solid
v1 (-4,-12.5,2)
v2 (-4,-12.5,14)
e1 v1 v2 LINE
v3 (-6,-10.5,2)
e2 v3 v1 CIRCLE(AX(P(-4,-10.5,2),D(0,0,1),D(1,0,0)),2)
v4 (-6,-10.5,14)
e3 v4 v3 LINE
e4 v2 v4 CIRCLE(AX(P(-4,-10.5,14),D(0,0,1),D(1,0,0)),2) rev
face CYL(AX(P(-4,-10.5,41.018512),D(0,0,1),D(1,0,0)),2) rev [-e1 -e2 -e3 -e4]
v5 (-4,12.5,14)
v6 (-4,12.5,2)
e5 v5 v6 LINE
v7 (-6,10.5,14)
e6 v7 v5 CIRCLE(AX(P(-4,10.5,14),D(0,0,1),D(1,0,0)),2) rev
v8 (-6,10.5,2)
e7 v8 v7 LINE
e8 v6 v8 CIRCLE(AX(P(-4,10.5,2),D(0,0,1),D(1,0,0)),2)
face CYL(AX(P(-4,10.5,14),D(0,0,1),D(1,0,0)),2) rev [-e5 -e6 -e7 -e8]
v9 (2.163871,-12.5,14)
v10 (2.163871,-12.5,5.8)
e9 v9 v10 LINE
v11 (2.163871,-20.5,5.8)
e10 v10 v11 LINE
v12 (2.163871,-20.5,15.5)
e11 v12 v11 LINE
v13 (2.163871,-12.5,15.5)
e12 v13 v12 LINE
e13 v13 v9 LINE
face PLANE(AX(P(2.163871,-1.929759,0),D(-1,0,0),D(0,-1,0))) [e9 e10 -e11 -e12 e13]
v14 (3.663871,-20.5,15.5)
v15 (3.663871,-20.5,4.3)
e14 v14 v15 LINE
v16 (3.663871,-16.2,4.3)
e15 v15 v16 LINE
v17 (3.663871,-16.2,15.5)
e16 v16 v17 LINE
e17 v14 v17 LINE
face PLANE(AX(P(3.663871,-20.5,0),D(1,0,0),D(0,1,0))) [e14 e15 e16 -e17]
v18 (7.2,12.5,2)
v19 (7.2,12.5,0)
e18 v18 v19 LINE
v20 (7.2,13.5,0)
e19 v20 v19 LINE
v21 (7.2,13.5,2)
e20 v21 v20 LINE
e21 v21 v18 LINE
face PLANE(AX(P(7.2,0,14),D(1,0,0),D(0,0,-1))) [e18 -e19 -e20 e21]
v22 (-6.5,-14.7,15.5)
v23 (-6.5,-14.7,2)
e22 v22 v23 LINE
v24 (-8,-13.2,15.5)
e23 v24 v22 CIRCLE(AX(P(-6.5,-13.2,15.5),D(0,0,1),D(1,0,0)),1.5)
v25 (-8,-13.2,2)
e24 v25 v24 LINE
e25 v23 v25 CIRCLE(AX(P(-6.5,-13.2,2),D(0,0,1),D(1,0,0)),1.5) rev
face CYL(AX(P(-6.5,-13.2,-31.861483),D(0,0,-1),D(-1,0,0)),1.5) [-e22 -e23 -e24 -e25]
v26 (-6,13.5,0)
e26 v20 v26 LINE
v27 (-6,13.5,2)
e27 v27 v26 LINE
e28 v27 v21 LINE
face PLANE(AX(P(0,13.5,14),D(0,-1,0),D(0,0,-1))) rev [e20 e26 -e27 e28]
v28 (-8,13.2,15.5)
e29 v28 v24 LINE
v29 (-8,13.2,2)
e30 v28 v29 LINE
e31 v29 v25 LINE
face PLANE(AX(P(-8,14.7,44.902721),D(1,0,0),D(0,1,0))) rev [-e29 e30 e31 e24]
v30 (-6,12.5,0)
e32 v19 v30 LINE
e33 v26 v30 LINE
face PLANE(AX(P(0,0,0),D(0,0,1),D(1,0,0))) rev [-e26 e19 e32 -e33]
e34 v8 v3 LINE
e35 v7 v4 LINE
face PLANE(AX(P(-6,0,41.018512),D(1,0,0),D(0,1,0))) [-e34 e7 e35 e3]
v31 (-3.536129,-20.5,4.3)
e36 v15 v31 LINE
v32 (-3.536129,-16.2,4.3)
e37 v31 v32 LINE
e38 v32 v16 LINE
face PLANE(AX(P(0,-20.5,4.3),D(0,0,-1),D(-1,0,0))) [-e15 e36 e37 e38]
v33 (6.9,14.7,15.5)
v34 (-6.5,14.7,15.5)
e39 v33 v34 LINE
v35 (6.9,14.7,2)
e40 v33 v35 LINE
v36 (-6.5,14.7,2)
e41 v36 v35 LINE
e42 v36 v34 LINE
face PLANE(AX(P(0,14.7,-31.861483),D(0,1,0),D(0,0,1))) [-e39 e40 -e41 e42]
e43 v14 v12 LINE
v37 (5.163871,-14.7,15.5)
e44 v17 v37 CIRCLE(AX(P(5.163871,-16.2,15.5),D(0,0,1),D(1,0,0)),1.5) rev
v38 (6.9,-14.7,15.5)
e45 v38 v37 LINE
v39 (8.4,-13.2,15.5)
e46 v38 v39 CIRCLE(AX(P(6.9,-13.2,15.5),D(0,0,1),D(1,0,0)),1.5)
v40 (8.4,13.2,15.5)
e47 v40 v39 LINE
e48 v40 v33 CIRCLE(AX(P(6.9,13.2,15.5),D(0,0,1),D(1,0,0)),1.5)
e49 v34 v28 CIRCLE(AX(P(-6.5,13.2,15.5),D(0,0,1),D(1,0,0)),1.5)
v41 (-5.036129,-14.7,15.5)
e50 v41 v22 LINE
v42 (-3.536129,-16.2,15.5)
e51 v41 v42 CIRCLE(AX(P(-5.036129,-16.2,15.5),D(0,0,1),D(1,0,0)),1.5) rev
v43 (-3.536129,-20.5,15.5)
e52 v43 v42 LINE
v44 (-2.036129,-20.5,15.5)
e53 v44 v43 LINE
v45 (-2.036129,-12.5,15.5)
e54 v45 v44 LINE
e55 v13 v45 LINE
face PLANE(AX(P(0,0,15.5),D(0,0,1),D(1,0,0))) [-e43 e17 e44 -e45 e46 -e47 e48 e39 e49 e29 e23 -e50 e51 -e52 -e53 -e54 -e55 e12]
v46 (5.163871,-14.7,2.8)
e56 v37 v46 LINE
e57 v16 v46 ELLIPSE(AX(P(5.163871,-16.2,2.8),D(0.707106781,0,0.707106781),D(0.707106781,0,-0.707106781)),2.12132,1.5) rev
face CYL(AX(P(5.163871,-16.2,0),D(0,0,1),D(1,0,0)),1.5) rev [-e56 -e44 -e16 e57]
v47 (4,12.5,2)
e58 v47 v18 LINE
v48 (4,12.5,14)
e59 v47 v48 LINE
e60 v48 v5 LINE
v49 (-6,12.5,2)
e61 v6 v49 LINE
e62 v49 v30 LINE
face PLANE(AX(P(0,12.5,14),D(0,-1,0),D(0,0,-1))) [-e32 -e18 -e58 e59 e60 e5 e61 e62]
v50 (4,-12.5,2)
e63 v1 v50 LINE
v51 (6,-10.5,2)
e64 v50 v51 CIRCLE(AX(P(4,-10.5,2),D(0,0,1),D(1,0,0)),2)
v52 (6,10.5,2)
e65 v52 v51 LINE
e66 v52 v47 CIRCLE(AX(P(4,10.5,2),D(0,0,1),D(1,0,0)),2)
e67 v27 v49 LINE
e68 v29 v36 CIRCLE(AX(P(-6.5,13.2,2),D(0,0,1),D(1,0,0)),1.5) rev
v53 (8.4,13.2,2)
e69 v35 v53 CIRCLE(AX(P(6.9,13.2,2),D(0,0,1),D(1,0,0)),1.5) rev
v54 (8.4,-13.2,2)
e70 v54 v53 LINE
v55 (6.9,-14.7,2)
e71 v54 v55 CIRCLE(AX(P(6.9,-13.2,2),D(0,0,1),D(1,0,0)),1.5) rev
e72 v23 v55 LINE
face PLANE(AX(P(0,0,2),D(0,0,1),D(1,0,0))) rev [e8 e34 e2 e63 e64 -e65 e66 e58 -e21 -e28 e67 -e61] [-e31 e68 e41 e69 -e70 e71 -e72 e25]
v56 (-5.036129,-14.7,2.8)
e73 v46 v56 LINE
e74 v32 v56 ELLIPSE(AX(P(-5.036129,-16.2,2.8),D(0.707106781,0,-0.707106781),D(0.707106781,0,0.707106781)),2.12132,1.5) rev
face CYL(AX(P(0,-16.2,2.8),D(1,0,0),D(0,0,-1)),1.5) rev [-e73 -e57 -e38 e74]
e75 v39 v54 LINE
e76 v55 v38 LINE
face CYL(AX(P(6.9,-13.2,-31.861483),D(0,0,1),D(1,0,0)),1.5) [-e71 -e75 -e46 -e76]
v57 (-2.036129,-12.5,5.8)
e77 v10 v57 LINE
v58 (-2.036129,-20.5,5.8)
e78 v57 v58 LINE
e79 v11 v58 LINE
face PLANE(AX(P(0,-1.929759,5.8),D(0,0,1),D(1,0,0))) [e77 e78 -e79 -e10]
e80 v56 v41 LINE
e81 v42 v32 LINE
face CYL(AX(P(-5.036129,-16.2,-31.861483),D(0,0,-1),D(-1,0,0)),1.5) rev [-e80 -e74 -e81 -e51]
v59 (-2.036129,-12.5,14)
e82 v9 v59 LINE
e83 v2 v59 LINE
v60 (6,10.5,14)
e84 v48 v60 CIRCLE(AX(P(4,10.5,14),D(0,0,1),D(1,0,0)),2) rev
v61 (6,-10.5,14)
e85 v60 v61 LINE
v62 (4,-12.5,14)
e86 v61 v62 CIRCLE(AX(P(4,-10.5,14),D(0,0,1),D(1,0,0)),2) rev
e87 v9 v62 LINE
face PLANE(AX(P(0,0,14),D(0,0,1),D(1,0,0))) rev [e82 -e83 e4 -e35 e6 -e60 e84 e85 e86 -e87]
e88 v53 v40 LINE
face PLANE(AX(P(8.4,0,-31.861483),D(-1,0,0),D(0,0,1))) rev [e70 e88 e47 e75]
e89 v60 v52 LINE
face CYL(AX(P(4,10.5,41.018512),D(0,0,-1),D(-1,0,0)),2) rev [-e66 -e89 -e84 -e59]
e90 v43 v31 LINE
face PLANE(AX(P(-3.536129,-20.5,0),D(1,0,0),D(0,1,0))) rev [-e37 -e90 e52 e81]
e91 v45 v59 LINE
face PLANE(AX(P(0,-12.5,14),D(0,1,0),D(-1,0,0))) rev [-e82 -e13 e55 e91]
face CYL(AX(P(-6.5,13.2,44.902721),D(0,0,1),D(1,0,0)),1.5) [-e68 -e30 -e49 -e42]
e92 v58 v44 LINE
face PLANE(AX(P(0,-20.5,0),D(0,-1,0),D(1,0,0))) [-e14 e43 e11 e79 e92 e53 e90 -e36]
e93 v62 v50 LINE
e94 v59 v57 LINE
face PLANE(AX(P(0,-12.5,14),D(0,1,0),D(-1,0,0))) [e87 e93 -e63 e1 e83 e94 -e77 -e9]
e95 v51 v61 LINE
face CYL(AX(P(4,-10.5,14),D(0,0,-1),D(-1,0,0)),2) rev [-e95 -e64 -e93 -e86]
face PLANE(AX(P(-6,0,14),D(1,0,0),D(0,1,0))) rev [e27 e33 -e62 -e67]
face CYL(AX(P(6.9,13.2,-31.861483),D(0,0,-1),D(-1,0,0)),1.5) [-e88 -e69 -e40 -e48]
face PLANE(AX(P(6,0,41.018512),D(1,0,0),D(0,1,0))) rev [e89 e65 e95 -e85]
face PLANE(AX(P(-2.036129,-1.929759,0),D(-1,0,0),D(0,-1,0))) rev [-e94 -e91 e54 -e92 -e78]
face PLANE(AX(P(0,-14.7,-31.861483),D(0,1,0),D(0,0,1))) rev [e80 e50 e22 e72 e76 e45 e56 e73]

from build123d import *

# Parameters (mm, degrees)
BOSS_EXTRUDE1_DEPTH   = 14
BOSS_EXTRUDE1_2_DEPTH = 14
BOSS_EXTRUDE2_START   = 2
SKETCH1_3_W           = 1.2
SKETCH1_3_H           = 25
BOSS_EXTRUDE2_DEPTH   = 12
SKETCH2_W             = 14.2
SKETCH2_H             = 27
SKETCH2_W_2           = 12
SKETCH2_H_2           = 25
BOSS_EXTRUDE3_DEPTH   = 1.5
SKETCH3_W             = 4.2
SKETCH3_H             = 8.2
SKETCH3_H_2           = 1.5
CUT_EXTRUDE1_DEPTH    = 1
BOSS_EXTRUDE4_DEPTH   = 7
FILLET2_R             = 2
SKETCH5_W             = 13.2
SKETCH5_H             = 1
CUT_EXTRUDE2_DEPTH    = 2
FILLET4_R             = 1
BOSS_EXTRUDE7_START   = -13.5
BOSS_EXTRUDE7_DEPTH   = 13.5
BOSS_EXTRUDE8_DEPTH   = 2.3
FILLET5_R             = 1.5
SKETCH10_W            = 0.4
SKETCH10_H            = 29.4
CUT_EXTRUDE3_DEPTH    = 13.5
FILLET6_R             = 1.5


with BuildPart() as part:
    # Sketch1 → Boss-Extrude1 (new body)
    with BuildSketch(Plane.XY):
        Polygon((7.2, 13.5), (-6, 13.5), (-6, 12.5), (6, 12.5), (7.2, 12.5), align=None)
    extrude(amount=BOSS_EXTRUDE1_DEPTH)



with BuildPart() as body_2:
    # Sketch1 → Boss-Extrude1 2 (new body)
    with BuildSketch(Plane.XY):
        Polygon((6, -12.5), (-6, -12.5), (-6, -13.5), (7.2, -13.5), (7.2, -12.5), align=None)
    extrude(amount=BOSS_EXTRUDE1_2_DEPTH)


with BuildPart() as part_1:
    add(part.part)

    add(body_2.part)  # Boss-Extrude2 merges body 2
    # Sketch1<3> → Boss-Extrude2 (add)
    with BuildSketch(Plane.XY.offset(BOSS_EXTRUDE2_START)):
        Polygon((-6, 12.5), (-6, 13.5), (-7, 13.5), (-7, -13.5), (-6, -13.5), (-6, -12.5), align=None)
        with Locations((6.6, 0)):
            Rectangle(SKETCH1_3_W, SKETCH1_3_H)
    extrude(amount=BOSS_EXTRUDE2_DEPTH)

    # Sketch2 → Boss-Extrude3 (add)
    # profile 1 of 2: a face of its own
    with BuildSketch(Plane.XY.offset(14)):
        with Locations((0.1, 0)):
            Rectangle(SKETCH2_W, SKETCH2_H)
        Rectangle(SKETCH2_W_2, SKETCH2_H_2, mode=Mode.SUBTRACT)
    # profile 2 of 2: a face of its own
    with BuildSketch(Plane.XY.offset(14)):
        Rectangle(SKETCH2_W_2, SKETCH2_H_2)
    extrude(amount=BOSS_EXTRUDE3_DEPTH)

    # Sketch3 → Cut-Extrude1 (cut)
    with BuildSketch(Plane.XZ.offset(13.5)):
        with Locations((0.063870968, 9.9)):
            Rectangle(SKETCH3_W, SKETCH3_H)
        with Locations((0.063870968, 14.75)):
            Rectangle(SKETCH3_W, SKETCH3_H_2)
    extrude(amount=-CUT_EXTRUDE1_DEPTH, mode=Mode.SUBTRACT)

    # Sketch4 → Boss-Extrude4 (add)
    with BuildSketch(Plane.XZ.offset(13.5)):
        Polygon((3.663870968, 15.5), (2.163870968, 15.5), (2.163870968, 5.8), (-2.036129032, 5.8), (-2.036129032, 15.5), (-3.536129032, 15.5), (-3.536129032, 4.3), (3.663870968, 4.3), align=None)
    extrude(amount=BOSS_EXTRUDE4_DEPTH)

    # Fillet2
    fillet2_edges = [part_1.edges().sort_by_distance(p)[0] for p in [
        (-6, -12.5, 8),
        (6, -12.5, 8),
        (6, 12.5, 8),
        (-6, 12.5, 8),
    ]]
    fillet(fillet2_edges, radius=FILLET2_R)

    # Sketch5 → Cut-Extrude2 (cut)
    with BuildSketch(Plane(origin=(0, 0, 2), x_dir=(-1, 0, 0), z_dir=(0, 0, -1))):
        with Locations((-0.6, -13)):
            Rectangle(SKETCH5_W, SKETCH5_H)
    extrude(amount=CUT_EXTRUDE2_DEPTH, mode=Mode.SUBTRACT)

    # Fillet4
    fillet4_edges = [part_1.edges().sort_by_distance(p)[0] for p in [
        (3.663870968, -13.5, 9.9),
        (0.063870968, -13.5, 4.3),
        (-3.536129032, -13.5, 9.9),
    ]]
    fillet(fillet4_edges, radius=FILLET4_R)

    # Sketch8 → Boss-Extrude7 (add)
    with BuildSketch(Plane.XY.offset(15.5).offset(BOSS_EXTRUDE7_START)):
        with BuildLine():
            Line((8.4, -14.7), (8.4, 14.7))
            Line((8.4, 14.7), (-8.4, 14.7))
            Line((-8.4, 14.7), (-8.4, -14.7))
            Line((-8.4, -14.7), (-3.536129032, -14.7))
            Line((-3.536129032, -14.7), (-3.536129032, -14.5))
            ThreePointArc((-3.536129032, -14.5), (-3.829022251, -13.792893219), (-4.536129032, -13.5))
            Line((-4.536129032, -13.5), (-7, -13.5))
            Line((-7, -13.5), (-7, 13.5))
            Line((-7, 13.5), (7.2, 13.5))
            Line((7.2, 13.5), (7.2, -13.5))
            Line((7.2, -13.5), (4.663870968, -13.5))
            ThreePointArc((4.663870968, -13.5), (3.956764187, -13.792893219), (3.663870968, -14.5))
            Line((3.663870968, -14.5), (3.663870968, -14.7))
            Line((3.663870968, -14.7), (8.4, -14.7))
        make_face()
    extrude(amount=BOSS_EXTRUDE7_DEPTH)

    # Sketch9 → Boss-Extrude8 (add)
    with BuildSketch(Plane(origin=(0, 0, 2), x_dir=(-1, 0, 0), z_dir=(0, 0, -1))):
        Polygon((-5.007987006, -14.7), (5.670470917, -14.7), (5.670470917, -12.839003899), (-4.79710184, -12.839003899), align=None)
    extrude(amount=-BOSS_EXTRUDE8_DEPTH)

    # Fillet5
    fillet5_edges = [part_1.edges().sort_by_distance(p)[0] for p in [
        (3.663870968, -14.7, 9.9),
        (-3.536129032, -14.7, 9.9),
        (0.063870968, -14.7, 4.3),
    ]]
    fillet(fillet5_edges, radius=FILLET5_R)

    # Sketch10 → Cut-Extrude3 (cut)
    with BuildSketch(Plane(origin=(0, 0, 2), x_dir=(-1, 0, 0), z_dir=(0, 0, -1))):
        with Locations((8.2, 0)):
            Rectangle(SKETCH10_W, SKETCH10_H)
    extrude(amount=-CUT_EXTRUDE3_DEPTH, mode=Mode.SUBTRACT)

    # Fillet6
    fillet6_edges = [part_1.edges().sort_by_distance(p)[0] for p in [
        (8.4, 14.7, 8.75),
        (8.4, -14.7, 8.75),
        (-8, 14.7, 8.75),
        (-8, -14.7, 8.75),
    ]]
    fillet(fillet6_edges, radius=FILLET6_R)


solid = part_1.part
